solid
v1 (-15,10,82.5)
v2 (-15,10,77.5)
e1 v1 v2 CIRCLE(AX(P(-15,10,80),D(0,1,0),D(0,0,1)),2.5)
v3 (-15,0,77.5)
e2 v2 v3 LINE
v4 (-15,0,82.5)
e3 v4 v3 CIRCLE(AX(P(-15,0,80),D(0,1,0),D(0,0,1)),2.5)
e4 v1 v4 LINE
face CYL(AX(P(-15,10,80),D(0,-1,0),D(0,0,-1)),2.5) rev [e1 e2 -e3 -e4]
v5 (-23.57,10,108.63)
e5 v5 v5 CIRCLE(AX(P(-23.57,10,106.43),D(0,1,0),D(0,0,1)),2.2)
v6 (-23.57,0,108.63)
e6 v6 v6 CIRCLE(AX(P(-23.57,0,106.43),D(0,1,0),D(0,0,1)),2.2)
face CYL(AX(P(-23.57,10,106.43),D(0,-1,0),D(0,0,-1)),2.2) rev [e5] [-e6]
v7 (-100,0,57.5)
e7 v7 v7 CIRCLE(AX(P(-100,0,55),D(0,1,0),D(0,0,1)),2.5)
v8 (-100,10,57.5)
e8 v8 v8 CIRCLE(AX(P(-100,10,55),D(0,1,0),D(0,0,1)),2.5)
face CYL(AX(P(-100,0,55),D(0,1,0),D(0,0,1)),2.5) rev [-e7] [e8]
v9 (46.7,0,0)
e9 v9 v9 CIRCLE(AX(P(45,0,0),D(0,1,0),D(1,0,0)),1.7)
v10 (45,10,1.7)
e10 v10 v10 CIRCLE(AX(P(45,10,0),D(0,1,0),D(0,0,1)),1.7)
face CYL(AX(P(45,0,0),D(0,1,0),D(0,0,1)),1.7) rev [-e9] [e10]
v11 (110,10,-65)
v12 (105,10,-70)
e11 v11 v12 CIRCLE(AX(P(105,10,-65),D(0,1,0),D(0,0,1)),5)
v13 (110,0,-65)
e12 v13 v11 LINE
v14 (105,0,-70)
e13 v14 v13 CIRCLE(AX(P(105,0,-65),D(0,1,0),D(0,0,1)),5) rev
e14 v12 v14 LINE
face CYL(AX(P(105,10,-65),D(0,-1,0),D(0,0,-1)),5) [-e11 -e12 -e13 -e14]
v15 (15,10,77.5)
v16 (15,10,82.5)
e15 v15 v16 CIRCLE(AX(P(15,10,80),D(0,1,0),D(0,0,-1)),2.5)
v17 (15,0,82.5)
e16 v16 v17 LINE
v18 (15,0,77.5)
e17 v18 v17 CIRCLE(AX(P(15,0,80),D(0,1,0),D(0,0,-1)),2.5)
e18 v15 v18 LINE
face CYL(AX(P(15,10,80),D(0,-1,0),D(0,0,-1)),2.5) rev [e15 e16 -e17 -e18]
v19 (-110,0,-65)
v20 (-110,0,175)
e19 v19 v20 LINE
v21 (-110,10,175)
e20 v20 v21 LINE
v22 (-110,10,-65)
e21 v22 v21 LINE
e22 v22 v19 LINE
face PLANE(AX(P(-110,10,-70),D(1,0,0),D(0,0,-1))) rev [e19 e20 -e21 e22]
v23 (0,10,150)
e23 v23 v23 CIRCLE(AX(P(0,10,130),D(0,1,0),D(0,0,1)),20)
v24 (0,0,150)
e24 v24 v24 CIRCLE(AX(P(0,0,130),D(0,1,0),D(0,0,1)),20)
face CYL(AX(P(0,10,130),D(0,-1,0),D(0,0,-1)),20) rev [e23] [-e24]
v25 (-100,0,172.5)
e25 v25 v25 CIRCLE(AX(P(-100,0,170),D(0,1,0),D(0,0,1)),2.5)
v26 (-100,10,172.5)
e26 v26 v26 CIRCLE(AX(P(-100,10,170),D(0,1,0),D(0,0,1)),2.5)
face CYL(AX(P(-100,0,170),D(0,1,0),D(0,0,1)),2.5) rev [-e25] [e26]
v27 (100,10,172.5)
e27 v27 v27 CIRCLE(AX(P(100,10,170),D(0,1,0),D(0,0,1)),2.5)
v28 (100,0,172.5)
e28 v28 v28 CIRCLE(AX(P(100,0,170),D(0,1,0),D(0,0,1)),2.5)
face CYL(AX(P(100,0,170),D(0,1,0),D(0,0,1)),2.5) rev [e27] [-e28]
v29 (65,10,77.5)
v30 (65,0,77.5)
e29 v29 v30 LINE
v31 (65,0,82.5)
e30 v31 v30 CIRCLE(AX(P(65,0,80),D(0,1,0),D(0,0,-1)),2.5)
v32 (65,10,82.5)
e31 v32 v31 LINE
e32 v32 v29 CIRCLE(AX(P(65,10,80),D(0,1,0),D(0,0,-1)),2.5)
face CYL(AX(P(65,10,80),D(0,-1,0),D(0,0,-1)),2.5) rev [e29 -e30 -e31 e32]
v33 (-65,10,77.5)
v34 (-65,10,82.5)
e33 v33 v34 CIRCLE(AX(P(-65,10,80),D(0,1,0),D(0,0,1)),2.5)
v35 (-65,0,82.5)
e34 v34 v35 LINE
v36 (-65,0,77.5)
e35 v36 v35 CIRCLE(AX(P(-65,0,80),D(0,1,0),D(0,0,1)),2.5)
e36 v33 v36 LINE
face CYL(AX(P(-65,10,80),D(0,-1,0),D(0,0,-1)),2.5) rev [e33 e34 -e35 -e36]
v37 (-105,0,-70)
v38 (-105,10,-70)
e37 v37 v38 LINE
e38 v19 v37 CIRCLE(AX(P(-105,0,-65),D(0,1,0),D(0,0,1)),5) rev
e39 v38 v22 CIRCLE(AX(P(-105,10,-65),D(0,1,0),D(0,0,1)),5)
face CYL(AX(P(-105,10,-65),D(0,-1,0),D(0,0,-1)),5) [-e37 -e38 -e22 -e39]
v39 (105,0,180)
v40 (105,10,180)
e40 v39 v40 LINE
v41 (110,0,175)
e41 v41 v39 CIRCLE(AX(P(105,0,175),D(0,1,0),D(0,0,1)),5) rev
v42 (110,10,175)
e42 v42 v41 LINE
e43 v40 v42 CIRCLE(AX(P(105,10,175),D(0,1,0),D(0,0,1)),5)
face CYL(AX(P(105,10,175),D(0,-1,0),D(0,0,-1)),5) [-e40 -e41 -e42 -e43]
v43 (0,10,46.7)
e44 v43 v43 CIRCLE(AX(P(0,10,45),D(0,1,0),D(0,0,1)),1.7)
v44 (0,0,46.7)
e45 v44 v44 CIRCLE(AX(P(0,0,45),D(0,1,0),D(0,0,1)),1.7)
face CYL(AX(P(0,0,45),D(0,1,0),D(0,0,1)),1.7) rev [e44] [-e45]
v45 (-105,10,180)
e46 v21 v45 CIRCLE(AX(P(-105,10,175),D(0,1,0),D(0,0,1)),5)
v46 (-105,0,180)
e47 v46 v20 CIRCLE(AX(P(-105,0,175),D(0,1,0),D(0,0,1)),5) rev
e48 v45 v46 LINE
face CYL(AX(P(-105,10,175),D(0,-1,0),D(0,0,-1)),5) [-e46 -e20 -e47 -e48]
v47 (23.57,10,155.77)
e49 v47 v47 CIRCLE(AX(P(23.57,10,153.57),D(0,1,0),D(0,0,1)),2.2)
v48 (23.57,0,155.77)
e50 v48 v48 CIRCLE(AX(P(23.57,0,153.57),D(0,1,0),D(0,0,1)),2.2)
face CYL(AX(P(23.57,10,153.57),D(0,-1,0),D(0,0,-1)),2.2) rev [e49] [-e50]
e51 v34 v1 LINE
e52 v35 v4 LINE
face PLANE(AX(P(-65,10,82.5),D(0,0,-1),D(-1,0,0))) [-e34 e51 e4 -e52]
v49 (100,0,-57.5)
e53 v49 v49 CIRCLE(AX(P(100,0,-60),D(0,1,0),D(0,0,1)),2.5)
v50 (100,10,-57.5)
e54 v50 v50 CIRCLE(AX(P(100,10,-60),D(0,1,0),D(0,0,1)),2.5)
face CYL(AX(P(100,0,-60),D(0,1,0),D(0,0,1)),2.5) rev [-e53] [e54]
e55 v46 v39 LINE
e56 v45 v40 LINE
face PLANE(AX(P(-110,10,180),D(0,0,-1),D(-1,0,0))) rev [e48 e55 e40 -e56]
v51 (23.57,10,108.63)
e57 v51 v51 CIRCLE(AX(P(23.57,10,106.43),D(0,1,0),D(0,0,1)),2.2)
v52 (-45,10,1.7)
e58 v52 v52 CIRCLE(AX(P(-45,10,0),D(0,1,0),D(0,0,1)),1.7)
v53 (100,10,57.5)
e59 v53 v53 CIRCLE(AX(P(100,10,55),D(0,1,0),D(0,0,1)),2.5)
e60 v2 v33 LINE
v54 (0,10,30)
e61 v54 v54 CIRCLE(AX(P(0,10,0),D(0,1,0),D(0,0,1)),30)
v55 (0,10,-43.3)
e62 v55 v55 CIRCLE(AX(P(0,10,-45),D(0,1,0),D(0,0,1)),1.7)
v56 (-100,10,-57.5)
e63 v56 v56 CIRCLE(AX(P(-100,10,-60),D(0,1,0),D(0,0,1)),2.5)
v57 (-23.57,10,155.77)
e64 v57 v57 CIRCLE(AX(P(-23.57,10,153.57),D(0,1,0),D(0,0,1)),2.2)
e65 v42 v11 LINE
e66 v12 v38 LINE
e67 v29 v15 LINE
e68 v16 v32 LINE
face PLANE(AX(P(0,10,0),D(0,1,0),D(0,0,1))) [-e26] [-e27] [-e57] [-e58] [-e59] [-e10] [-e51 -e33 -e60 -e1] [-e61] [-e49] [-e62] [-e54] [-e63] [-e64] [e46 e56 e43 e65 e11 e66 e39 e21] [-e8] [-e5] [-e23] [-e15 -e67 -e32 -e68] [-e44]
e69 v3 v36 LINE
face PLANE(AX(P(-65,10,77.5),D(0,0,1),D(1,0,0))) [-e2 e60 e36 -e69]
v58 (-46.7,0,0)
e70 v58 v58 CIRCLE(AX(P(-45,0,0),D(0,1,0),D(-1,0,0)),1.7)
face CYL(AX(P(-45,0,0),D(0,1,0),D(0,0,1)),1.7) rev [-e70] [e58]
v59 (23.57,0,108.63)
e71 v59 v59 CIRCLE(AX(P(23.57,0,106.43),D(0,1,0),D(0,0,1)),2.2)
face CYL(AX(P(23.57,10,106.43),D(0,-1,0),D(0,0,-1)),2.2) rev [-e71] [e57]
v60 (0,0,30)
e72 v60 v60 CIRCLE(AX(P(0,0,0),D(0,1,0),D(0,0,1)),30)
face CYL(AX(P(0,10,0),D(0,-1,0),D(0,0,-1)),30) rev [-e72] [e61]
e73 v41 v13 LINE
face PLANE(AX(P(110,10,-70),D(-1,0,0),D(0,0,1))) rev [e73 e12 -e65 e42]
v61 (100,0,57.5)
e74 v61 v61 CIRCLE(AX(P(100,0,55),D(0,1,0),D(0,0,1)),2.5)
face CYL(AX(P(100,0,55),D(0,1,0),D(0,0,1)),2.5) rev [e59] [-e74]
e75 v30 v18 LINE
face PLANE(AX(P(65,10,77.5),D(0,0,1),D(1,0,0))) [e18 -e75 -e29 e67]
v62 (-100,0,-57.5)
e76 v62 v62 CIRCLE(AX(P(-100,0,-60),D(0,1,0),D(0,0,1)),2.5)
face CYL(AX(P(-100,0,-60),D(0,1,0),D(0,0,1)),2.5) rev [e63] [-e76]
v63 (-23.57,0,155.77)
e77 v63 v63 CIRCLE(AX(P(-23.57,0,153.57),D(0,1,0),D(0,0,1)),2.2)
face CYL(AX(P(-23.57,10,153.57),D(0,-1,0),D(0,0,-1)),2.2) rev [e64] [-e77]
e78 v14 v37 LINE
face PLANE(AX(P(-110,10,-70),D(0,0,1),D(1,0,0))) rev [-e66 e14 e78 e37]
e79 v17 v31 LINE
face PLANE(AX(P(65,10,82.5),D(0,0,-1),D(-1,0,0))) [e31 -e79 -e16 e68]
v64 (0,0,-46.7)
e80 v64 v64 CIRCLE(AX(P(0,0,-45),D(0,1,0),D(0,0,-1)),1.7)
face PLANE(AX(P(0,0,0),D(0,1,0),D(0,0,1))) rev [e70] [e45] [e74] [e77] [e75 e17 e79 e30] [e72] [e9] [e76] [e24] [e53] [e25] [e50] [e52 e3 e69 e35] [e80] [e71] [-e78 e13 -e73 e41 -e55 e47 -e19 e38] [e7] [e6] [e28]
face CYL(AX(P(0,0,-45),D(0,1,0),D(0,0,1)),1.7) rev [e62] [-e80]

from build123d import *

# Parameters (mm, degrees)
SKETCH1_W               = 220
SKETCH1_H               = 250
SKETCH1_R               = 30
SKETCH1_R_2             = 20
SKETCH1_R_3             = 2.2
BOSS_EXTRUDE1_DEPTH     = 10
CUT_EXTRUDE1_DEPTH      = 212.187120819
CUT_EXTRUDE1_DEPTH_BACK = 212.187120819
SKETCH2_R               = 2.5
FILLET1_R               = 5
SKETCH4_R               = 1.7
CUT_EXTRUDE2_DEPTH      = 212.187120819
CIRPATTERN1_COUNT       = 4


with BuildPart() as part:
    # Sketch1 → Boss-Extrude1 (new body)
    with BuildSketch(Plane(origin=(0, 0, 0), x_dir=(1, 0, 0), z_dir=(0, 1, 0))):
        with Locations((0, -55)):
            Rectangle(SKETCH1_W, SKETCH1_H)
        with Locations(Location((0, 0, 0), (0, 0, 270))):
            Circle(SKETCH1_R, mode=Mode.SUBTRACT)
        with Locations(Location((0, -130, 0), (0, 0, 270))):
            Circle(SKETCH1_R_2, mode=Mode.SUBTRACT)
        with Locations(Location((-23.57, -106.43, 0), (0, 0, 270))):
            Circle(SKETCH1_R_3, mode=Mode.SUBTRACT)
        with Locations(Location((23.57, -106.43, 0), (0, 0, 270))):
            Circle(SKETCH1_R_3, mode=Mode.SUBTRACT)
        with Locations(Location((-23.57, -153.57, 0), (0, 0, 270))):
            Circle(SKETCH1_R_3, mode=Mode.SUBTRACT)
        with Locations(Location((23.57, -153.57, 0), (0, 0, 270))):
            Circle(SKETCH1_R_3, mode=Mode.SUBTRACT)
        with BuildLine():
            Line((-65, -77.5), (-15, -77.5))
            ThreePointArc((-15, -77.5), (-12.5, -80), (-15, -82.5))
            Line((-15, -82.5), (-65, -82.5))
            ThreePointArc((-65, -82.5), (-67.5, -80), (-65, -77.5))
        make_face(mode=Mode.SUBTRACT)
        with BuildLine():
            Line((65, -77.5), (15, -77.5))
            ThreePointArc((15, -77.5), (12.5, -80), (15, -82.5))
            Line((15, -82.5), (65, -82.5))
            ThreePointArc((65, -82.5), (67.5, -80), (65, -77.5))
        make_face(mode=Mode.SUBTRACT)
    extrude(amount=BOSS_EXTRUDE1_DEPTH)

    # Sketch2 → Cut-Extrude1 (cut, two sides: drawn at the far end of the back side and taken through both)
    with BuildSketch(Plane(origin=(0, 10, 0), x_dir=(1, 0, 0), z_dir=(0, 1, 0)).offset(-CUT_EXTRUDE1_DEPTH_BACK)):
        with Locations(Location((-100, 60, 0), (0, 0, 270))):
            Circle(SKETCH2_R)
        with Locations(Location((100, 60, 0), (0, 0, 270))):
            Circle(SKETCH2_R)
        with Locations(Location((-100, -170, 0), (0, 0, 270))):
            Circle(SKETCH2_R)
        with Locations(Location((100, -170, 0), (0, 0, 270))):
            Circle(SKETCH2_R)
        with Locations(Location((-100, -55, 0), (0, 0, 270))):
            Circle(SKETCH2_R)
        with Locations(Location((100, -55, 0), (0, 0, 270))):
            Circle(SKETCH2_R)
    extrude(amount=CUT_EXTRUDE1_DEPTH + CUT_EXTRUDE1_DEPTH_BACK, mode=Mode.SUBTRACT)

    # Fillet1
    fillet1_edges = [part.edges().sort_by_distance(p)[0] for p in [
        (-110, 5, -70),
        (110, 5, -70),
        (110, 5, 180),
        (-110, 5, 180),
    ]]
    fillet(fillet1_edges, radius=FILLET1_R)

    # Sketch4 → Cut-Extrude2 (cut, symmetric)
    with BuildSketch(Plane(origin=(0, 10, 0), x_dir=(1, 0, 0), z_dir=(0, 1, 0))):
        with Locations(Location((0, -45, 0), (0, 0, 270))):
            Circle(SKETCH4_R)
    cut_extrude2 = extrude(amount=CUT_EXTRUDE2_DEPTH, both=True, mode=Mode.SUBTRACT)

    # CirPattern1: Cut-Extrude2 ×4 about axis
    cirpattern1_axis = Axis((0, 0, 0), (0, 1, 0))
    for i in range(1, CIRPATTERN1_COUNT):
        add(cut_extrude2.rotate(cirpattern1_axis, i * 360 / CIRPATTERN1_COUNT), mode=Mode.SUBTRACT)


solid = part.part
